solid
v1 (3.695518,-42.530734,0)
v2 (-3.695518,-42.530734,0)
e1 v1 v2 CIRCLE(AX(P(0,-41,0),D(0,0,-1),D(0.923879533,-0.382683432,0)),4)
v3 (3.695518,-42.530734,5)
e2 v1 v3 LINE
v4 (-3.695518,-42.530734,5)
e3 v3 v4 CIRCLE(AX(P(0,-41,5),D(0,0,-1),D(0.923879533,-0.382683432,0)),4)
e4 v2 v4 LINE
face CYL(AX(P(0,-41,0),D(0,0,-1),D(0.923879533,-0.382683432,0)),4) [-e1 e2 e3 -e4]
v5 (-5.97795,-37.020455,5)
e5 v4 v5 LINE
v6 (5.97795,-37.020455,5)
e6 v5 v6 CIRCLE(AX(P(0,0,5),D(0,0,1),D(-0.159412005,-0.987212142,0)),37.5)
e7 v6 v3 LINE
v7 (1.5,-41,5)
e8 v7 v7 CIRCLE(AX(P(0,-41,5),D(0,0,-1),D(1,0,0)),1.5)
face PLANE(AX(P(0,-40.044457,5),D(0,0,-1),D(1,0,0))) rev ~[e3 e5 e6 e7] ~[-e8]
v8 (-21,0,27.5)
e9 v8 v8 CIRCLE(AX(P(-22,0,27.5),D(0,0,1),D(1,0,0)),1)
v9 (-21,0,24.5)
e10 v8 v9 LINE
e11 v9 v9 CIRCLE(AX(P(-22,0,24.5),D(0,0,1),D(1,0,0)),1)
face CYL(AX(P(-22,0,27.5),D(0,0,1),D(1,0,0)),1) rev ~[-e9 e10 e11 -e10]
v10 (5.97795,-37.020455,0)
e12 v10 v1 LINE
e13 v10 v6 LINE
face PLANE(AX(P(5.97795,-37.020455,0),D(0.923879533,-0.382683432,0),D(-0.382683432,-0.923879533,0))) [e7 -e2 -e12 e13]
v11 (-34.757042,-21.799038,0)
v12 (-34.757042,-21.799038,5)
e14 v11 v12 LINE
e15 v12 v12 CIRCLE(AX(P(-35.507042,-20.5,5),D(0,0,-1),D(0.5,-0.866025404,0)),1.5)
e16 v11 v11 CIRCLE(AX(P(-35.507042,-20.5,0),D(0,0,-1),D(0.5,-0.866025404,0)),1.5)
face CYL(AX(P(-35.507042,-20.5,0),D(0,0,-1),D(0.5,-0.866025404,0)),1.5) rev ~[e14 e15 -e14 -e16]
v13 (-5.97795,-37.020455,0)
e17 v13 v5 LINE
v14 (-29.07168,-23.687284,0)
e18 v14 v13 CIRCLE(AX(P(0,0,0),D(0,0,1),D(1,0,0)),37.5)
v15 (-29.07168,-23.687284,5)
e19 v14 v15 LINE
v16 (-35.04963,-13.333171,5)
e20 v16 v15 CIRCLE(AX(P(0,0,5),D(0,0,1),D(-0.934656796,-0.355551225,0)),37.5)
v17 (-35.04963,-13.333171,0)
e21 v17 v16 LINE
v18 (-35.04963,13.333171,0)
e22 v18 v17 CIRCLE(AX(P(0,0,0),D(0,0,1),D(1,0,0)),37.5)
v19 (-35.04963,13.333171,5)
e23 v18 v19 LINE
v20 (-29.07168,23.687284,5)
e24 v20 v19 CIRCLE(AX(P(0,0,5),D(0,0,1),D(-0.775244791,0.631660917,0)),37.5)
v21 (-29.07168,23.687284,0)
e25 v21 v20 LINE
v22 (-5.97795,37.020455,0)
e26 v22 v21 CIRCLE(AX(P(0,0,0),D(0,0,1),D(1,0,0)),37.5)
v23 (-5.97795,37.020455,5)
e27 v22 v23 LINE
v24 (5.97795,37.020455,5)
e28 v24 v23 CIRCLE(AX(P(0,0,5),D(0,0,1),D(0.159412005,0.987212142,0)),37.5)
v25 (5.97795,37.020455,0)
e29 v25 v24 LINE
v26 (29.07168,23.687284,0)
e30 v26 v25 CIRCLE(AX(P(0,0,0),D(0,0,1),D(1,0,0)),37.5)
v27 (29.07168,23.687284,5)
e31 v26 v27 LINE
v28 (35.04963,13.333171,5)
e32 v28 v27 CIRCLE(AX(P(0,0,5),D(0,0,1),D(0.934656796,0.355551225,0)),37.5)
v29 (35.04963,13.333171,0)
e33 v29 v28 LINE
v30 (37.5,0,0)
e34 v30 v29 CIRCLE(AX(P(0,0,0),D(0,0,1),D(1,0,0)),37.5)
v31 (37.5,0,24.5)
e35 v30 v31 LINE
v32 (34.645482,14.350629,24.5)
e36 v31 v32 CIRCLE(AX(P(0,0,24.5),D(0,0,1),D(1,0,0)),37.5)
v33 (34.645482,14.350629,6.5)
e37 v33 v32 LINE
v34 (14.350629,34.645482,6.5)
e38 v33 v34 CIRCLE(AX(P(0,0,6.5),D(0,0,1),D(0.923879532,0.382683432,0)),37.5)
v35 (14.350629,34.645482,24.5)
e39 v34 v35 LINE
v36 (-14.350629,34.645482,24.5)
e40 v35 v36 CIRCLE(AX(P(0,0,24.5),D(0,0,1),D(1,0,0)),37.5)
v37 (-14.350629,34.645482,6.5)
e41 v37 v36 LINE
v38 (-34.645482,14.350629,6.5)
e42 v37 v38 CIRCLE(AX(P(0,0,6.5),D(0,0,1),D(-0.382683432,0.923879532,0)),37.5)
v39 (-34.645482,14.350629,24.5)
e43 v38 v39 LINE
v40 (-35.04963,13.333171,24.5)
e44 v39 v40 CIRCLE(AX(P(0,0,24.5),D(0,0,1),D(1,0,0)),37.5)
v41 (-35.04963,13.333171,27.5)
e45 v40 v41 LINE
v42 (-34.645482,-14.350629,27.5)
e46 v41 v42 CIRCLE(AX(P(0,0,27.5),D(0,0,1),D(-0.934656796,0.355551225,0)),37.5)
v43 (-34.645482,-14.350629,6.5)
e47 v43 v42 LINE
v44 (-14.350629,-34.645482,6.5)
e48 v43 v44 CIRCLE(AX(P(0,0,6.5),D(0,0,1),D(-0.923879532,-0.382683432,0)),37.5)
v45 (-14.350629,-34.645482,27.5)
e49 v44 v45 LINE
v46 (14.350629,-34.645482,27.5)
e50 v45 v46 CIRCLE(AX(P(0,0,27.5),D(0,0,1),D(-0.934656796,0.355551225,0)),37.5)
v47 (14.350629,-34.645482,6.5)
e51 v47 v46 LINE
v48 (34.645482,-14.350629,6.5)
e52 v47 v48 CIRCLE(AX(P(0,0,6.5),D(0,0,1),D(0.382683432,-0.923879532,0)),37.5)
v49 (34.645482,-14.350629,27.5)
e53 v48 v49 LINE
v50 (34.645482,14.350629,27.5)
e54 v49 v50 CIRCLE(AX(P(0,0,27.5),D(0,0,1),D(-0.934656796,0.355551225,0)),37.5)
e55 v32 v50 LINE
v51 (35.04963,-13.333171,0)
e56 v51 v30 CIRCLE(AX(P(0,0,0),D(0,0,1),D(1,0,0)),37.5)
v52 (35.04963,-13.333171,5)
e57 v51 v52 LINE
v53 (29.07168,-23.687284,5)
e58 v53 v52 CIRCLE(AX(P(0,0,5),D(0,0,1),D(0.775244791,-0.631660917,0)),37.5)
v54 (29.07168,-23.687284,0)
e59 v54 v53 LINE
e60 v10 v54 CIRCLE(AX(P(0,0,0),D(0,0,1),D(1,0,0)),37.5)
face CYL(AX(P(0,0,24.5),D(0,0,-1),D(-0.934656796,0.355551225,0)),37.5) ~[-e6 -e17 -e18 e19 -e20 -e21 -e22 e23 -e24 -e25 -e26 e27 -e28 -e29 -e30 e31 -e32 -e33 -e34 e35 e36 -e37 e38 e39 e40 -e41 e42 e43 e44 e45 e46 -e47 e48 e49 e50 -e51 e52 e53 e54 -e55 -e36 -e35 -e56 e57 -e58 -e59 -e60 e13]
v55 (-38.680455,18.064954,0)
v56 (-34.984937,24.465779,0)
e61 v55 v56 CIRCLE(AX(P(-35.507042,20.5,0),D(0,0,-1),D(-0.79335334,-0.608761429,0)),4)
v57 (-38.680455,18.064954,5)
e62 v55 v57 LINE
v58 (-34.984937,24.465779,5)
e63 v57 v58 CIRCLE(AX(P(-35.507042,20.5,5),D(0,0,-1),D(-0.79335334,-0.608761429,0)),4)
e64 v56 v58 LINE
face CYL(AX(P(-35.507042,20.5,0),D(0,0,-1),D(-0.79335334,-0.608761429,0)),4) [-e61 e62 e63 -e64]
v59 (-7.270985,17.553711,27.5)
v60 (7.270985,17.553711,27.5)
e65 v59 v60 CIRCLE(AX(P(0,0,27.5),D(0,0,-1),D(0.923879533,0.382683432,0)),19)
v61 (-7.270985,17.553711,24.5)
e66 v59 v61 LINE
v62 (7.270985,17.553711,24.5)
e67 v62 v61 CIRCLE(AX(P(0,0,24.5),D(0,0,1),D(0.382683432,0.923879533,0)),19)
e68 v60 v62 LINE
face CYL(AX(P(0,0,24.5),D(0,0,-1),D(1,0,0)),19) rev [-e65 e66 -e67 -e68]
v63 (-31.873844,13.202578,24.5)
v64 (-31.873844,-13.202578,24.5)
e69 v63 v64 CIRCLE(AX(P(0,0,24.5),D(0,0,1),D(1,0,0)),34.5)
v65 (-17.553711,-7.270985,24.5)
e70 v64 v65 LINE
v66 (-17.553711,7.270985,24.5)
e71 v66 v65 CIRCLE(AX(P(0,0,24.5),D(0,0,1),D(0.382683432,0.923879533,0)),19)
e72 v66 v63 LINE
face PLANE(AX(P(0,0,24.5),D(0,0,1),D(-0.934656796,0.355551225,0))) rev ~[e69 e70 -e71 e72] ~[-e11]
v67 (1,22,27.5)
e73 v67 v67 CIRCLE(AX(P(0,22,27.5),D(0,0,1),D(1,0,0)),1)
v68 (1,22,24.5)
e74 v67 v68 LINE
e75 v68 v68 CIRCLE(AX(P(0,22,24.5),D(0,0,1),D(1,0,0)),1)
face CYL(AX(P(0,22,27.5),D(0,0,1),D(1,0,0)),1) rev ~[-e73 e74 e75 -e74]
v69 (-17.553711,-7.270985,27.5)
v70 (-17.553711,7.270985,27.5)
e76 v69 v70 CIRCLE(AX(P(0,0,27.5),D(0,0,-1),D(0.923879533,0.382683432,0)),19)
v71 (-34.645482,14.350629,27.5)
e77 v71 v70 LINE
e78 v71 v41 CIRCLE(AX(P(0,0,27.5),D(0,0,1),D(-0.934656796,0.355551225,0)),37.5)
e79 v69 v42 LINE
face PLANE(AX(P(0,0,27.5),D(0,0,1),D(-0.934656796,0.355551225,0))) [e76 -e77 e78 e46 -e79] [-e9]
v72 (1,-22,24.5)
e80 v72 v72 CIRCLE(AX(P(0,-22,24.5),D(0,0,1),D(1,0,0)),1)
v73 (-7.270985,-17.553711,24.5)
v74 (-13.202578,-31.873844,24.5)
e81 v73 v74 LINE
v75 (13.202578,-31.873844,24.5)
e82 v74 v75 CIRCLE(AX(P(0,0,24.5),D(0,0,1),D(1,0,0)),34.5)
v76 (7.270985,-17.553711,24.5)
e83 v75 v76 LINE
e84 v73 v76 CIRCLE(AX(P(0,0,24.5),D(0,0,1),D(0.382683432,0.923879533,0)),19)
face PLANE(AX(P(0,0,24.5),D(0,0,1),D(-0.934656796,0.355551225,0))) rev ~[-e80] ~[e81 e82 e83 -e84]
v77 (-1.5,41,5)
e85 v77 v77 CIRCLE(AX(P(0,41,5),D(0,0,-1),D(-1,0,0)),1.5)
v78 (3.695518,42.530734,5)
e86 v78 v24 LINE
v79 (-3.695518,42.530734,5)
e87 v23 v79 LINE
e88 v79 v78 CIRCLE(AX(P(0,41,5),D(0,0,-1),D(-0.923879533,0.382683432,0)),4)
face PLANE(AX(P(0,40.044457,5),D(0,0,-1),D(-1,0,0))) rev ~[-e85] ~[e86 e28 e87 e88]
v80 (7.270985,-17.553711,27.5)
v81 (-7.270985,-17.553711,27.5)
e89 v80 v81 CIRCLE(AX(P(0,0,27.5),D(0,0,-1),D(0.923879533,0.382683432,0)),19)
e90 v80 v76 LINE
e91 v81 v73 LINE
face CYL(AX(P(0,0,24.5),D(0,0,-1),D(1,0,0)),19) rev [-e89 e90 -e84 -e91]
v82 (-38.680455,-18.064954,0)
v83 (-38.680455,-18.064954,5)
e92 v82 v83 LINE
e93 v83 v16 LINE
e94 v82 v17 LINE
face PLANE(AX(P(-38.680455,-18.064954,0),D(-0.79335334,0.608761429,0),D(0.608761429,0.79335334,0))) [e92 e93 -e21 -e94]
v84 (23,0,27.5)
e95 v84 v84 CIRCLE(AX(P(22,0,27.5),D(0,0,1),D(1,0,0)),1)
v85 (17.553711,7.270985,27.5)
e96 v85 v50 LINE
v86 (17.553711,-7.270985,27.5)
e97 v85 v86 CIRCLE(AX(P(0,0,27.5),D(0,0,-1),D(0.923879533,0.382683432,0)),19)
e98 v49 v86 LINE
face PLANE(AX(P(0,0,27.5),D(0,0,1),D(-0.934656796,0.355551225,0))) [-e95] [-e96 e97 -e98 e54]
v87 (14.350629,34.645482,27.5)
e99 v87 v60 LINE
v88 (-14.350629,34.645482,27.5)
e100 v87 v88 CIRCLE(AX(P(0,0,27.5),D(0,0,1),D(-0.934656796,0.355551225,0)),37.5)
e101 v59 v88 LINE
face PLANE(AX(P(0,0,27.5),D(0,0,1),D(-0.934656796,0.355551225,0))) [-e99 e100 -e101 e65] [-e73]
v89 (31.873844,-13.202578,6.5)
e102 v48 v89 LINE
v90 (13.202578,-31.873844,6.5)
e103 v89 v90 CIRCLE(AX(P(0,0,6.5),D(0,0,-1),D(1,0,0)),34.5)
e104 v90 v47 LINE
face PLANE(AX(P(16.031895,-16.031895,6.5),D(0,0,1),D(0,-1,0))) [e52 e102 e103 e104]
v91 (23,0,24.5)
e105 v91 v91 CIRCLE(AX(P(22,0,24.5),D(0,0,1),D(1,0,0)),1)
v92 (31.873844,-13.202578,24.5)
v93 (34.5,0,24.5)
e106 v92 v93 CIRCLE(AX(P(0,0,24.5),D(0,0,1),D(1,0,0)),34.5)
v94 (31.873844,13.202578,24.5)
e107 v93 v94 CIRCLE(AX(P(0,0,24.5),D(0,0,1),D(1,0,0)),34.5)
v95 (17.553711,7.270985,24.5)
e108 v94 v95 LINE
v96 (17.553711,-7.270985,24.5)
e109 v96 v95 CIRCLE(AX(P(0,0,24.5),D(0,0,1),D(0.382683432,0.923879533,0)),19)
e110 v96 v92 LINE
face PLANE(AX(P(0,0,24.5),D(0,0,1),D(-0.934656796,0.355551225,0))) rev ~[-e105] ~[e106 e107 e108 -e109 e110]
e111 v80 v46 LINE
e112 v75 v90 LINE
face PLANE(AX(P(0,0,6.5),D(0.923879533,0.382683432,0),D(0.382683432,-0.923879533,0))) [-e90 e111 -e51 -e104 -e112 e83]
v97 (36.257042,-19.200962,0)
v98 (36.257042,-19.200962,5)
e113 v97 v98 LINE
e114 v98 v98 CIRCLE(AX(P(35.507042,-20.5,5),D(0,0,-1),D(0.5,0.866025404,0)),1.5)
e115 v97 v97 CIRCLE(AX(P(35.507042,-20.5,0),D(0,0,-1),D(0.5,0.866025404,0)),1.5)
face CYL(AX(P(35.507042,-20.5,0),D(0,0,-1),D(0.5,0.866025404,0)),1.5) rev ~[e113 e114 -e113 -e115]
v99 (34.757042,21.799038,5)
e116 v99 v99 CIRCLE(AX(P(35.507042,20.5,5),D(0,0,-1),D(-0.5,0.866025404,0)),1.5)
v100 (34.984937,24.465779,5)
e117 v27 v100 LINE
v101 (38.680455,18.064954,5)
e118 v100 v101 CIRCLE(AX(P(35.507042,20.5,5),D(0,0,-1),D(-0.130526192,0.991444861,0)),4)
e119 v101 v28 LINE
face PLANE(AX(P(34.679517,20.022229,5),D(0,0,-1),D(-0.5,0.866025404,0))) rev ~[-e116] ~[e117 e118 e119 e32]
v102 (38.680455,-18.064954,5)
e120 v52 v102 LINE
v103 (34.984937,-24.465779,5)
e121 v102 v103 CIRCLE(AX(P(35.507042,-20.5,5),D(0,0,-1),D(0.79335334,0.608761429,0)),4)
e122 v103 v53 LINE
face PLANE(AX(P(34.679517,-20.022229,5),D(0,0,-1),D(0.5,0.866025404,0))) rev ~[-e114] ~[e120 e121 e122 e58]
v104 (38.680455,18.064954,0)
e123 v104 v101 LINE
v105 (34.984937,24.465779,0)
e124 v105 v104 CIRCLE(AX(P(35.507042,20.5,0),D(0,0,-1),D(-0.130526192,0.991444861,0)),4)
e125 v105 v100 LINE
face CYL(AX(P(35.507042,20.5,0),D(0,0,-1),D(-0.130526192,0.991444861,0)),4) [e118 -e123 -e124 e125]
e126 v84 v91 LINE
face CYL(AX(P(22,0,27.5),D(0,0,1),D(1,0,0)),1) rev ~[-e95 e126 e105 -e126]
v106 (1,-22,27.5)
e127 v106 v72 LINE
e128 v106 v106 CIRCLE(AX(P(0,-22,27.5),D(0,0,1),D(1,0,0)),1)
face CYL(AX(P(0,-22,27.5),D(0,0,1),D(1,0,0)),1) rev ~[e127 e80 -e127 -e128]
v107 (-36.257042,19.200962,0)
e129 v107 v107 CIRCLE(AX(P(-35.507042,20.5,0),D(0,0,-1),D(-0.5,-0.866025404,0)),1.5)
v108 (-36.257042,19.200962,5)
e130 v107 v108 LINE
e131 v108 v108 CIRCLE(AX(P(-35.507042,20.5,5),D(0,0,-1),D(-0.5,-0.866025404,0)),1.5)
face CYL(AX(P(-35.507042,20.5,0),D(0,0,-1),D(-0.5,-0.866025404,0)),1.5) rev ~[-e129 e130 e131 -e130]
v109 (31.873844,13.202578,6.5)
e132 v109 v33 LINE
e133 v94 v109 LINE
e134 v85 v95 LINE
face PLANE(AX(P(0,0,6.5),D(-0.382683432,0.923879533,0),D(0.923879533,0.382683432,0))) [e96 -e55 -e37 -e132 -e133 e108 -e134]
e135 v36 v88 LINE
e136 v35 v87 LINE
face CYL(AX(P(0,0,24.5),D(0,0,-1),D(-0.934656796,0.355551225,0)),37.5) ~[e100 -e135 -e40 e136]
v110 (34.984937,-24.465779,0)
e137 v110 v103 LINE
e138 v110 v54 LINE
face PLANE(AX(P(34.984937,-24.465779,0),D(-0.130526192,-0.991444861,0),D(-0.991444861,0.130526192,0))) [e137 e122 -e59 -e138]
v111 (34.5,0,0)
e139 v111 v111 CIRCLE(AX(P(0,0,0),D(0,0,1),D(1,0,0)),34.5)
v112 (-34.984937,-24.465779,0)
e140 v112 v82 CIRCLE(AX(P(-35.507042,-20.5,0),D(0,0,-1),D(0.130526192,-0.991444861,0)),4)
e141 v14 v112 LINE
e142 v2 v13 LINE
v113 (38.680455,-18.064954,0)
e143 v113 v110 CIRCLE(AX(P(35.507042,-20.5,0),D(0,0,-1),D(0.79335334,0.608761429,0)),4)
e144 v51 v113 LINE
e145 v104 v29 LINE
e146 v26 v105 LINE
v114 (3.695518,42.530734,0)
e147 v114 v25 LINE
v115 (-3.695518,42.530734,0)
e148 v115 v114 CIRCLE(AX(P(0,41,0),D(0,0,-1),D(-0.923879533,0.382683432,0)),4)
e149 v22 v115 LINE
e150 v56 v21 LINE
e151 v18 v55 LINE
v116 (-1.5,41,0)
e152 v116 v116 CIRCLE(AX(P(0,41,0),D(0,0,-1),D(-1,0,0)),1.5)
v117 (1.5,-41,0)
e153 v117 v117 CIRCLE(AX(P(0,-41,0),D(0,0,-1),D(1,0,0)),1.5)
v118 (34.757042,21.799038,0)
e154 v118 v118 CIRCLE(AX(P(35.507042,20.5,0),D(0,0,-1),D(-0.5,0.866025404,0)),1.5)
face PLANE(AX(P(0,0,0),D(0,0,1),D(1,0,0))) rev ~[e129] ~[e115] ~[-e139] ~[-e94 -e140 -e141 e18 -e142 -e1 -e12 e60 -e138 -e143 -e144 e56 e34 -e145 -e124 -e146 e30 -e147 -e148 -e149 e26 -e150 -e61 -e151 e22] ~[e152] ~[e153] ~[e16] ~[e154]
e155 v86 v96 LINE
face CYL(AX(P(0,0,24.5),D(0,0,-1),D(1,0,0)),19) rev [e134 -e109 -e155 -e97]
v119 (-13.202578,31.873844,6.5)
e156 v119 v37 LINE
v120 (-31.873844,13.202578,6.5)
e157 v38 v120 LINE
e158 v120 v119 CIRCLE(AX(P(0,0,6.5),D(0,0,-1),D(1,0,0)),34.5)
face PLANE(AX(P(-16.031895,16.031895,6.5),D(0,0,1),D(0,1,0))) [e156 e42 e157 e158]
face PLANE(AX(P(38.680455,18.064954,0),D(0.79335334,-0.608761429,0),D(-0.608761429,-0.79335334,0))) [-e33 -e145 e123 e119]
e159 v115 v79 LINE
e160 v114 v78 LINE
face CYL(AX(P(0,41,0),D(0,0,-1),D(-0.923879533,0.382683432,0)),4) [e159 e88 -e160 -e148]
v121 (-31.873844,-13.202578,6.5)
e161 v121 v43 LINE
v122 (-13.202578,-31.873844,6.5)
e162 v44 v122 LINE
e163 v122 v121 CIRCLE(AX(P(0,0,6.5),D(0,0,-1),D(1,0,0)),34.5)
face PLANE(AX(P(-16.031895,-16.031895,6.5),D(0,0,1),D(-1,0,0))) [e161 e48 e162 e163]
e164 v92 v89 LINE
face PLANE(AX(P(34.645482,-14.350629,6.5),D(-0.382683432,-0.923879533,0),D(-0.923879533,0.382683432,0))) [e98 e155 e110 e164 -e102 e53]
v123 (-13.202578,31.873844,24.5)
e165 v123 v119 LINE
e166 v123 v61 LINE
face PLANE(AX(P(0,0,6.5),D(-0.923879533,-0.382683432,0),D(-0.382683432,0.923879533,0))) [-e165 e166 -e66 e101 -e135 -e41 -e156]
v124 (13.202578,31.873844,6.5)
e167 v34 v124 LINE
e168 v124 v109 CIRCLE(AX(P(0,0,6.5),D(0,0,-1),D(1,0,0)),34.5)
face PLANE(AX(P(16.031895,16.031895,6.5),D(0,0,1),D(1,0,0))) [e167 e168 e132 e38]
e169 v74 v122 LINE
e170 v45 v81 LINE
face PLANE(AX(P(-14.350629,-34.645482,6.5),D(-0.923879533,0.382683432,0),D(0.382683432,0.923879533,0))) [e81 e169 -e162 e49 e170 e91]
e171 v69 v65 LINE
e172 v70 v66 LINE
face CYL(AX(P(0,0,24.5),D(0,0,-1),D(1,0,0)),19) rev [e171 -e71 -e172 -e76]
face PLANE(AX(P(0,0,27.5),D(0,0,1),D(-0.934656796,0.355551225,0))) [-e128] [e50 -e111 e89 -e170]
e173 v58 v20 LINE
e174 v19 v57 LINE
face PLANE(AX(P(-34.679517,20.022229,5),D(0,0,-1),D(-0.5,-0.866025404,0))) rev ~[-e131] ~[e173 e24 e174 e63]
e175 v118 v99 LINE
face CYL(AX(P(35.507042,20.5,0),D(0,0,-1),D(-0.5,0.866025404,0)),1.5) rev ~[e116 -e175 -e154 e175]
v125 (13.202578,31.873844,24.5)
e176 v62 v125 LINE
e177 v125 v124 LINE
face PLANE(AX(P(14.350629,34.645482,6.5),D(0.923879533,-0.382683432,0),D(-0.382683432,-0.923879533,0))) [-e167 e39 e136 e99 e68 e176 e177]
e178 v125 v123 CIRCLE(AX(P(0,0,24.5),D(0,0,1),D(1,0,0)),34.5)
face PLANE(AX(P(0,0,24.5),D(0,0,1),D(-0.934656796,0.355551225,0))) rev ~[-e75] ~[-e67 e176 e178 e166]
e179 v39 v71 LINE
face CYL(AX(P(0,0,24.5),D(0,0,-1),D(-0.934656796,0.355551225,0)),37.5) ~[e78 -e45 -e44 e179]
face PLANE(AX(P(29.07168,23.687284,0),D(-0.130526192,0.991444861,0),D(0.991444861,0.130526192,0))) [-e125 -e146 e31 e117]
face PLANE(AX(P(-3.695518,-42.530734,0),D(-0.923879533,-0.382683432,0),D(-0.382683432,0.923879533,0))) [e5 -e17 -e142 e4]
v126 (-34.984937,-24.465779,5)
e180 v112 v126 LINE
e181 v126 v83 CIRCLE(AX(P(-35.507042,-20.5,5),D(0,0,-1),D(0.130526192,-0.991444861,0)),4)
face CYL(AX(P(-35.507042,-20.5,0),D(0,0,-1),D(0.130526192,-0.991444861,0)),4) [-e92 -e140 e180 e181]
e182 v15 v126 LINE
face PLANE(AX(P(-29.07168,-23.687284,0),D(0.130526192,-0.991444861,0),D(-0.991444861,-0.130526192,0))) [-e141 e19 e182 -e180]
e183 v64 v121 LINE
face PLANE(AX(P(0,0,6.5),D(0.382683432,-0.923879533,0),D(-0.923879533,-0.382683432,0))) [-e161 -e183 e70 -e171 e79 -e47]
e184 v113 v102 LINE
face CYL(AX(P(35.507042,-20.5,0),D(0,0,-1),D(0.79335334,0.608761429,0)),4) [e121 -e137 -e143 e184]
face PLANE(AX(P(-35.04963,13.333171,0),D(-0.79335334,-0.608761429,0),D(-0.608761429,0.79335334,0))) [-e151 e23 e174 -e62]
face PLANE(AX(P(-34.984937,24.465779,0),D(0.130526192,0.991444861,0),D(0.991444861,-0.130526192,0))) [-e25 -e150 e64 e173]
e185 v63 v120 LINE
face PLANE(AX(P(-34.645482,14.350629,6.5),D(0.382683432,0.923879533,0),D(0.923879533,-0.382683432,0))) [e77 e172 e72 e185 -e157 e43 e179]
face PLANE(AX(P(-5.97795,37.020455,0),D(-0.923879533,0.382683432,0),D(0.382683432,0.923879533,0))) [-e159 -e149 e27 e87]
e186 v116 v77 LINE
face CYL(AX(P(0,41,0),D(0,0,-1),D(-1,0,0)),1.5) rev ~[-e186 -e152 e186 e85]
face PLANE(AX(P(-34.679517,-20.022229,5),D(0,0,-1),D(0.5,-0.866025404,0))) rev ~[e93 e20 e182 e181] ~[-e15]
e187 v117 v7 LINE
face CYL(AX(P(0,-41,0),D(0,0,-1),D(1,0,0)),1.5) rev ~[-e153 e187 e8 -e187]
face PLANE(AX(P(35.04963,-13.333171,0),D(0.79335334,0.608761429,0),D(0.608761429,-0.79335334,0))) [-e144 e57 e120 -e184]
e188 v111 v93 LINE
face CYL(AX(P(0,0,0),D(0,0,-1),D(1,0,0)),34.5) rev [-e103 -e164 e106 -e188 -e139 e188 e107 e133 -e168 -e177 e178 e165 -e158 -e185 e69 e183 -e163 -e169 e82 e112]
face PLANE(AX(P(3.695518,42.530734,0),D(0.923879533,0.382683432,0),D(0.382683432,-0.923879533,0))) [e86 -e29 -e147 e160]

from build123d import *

# Parameters (mm, degrees)
SKETCH_1_R               = 37.5
SKETCH_1_R_2             = 34.5
EXTRUDE_1_DEPTH          = 24.5
SKETCH_2_R               = 1.5
EXTRUDE_2_DEPTH          = 5
PATTERN_CIRCULAR_1_COUNT = 6
SKETCH_3_R               = 37.5
SKETCH_3_R_2             = 19
EXTRUDE_3_DEPTH          = 3
SKETCH_4_R               = 1
CUT_EXTRUDE_1_DEPTH      = 3
CUT_EXTRUDE_START        = -21
CUT_EXTRUDE_2_DEPTH      = 21
PATTERN_CIRCULAR_2_COUNT = 4


with BuildPart() as part:
    # Эскиз1 → Бобышка-Вытянуть1 (new body)
    with BuildSketch(Plane.XY):
        Circle(SKETCH_1_R)
        Circle(SKETCH_1_R_2, mode=Mode.SUBTRACT)
    extrude(amount=EXTRUDE_1_DEPTH)

    # Эскиз2 → Бобышка-Вытянуть2 (add)
    with BuildSketch(Plane(origin=(0, 0, 0), x_dir=(-1, 0, 0), z_dir=(0, 0, -1))):
        with BuildLine():
            Line((-3.69551813, 42.530733729), (-5.977950182, 37.020455313))
            ThreePointArc((-5.977950182, 37.020455313), (0, 37.5), (5.977950182, 37.020455313))
            Line((5.977950182, 37.020455313), (3.69551813, 42.530733729))
            ThreePointArc((3.69551813, 42.530733729), (0, 45), (-3.69551813, 42.530733729))
        make_face()
        with Locations((0, 41)):
            Circle(SKETCH_2_R, mode=Mode.SUBTRACT)
    extrude_2 = extrude(amount=-EXTRUDE_2_DEPTH)

    # Круговой массив1: Бобышка-Вытянуть2 ×6 about axis
    pattern_circular_1_axis = Axis((0, 0, 0), (0, 0, 1))
    for i in range(1, PATTERN_CIRCULAR_1_COUNT):
        add(extrude_2.rotate(pattern_circular_1_axis, i * 360 / PATTERN_CIRCULAR_1_COUNT))

    # Эскиз3 → Бобышка-Вытянуть3 (add)
    with BuildSketch(Plane.XY.offset(24.5)):
        with Locations(Location((0, 0, 0), (0, 0, 159.172768539))):
            Circle(SKETCH_3_R)
        Circle(SKETCH_3_R_2, mode=Mode.SUBTRACT)
    extrude(amount=EXTRUDE_3_DEPTH)

    # Эскиз4 → Вырез-Вытянуть1 (cut)
    with BuildSketch(Plane.XY.offset(27.5)):
        with Locations((22, 0)):
            Circle(SKETCH_4_R)
        with Locations((0, -22)):
            Circle(SKETCH_4_R)
        with Locations((-22, 0)):
            Circle(SKETCH_4_R)
        with Locations((0, 22)):
            Circle(SKETCH_4_R)
    extrude(amount=-CUT_EXTRUDE_1_DEPTH, mode=Mode.SUBTRACT)

    # Эскиз5 → Вырез-Вытянуть2 (cut)
    with BuildSketch(Plane.XY.offset(27.5).offset(CUT_EXTRUDE_START)):
        with BuildLine():
            Line((0, 0), (34.645482469, 14.350628714))
            ThreePointArc((34.645482469, 14.350628714), (26.516504294, 26.516504294), (14.350628714, 34.645482469))
            Line((14.350628714, 34.645482469), (0, 0))
        make_face()
    cut_extrude_2 = extrude(amount=CUT_EXTRUDE_2_DEPTH, mode=Mode.SUBTRACT)

    # Круговой массив2: Вырез-Вытянуть2 ×4 about axis
    pattern_circular_2_axis = Axis((0, 0, 24.5), (0, 0, -1))
    for i in range(1, PATTERN_CIRCULAR_2_COUNT):
        add(cut_extrude_2.rotate(pattern_circular_2_axis, i * 360 / PATTERN_CIRCULAR_2_COUNT), mode=Mode.SUBTRACT)


solid = part.part
